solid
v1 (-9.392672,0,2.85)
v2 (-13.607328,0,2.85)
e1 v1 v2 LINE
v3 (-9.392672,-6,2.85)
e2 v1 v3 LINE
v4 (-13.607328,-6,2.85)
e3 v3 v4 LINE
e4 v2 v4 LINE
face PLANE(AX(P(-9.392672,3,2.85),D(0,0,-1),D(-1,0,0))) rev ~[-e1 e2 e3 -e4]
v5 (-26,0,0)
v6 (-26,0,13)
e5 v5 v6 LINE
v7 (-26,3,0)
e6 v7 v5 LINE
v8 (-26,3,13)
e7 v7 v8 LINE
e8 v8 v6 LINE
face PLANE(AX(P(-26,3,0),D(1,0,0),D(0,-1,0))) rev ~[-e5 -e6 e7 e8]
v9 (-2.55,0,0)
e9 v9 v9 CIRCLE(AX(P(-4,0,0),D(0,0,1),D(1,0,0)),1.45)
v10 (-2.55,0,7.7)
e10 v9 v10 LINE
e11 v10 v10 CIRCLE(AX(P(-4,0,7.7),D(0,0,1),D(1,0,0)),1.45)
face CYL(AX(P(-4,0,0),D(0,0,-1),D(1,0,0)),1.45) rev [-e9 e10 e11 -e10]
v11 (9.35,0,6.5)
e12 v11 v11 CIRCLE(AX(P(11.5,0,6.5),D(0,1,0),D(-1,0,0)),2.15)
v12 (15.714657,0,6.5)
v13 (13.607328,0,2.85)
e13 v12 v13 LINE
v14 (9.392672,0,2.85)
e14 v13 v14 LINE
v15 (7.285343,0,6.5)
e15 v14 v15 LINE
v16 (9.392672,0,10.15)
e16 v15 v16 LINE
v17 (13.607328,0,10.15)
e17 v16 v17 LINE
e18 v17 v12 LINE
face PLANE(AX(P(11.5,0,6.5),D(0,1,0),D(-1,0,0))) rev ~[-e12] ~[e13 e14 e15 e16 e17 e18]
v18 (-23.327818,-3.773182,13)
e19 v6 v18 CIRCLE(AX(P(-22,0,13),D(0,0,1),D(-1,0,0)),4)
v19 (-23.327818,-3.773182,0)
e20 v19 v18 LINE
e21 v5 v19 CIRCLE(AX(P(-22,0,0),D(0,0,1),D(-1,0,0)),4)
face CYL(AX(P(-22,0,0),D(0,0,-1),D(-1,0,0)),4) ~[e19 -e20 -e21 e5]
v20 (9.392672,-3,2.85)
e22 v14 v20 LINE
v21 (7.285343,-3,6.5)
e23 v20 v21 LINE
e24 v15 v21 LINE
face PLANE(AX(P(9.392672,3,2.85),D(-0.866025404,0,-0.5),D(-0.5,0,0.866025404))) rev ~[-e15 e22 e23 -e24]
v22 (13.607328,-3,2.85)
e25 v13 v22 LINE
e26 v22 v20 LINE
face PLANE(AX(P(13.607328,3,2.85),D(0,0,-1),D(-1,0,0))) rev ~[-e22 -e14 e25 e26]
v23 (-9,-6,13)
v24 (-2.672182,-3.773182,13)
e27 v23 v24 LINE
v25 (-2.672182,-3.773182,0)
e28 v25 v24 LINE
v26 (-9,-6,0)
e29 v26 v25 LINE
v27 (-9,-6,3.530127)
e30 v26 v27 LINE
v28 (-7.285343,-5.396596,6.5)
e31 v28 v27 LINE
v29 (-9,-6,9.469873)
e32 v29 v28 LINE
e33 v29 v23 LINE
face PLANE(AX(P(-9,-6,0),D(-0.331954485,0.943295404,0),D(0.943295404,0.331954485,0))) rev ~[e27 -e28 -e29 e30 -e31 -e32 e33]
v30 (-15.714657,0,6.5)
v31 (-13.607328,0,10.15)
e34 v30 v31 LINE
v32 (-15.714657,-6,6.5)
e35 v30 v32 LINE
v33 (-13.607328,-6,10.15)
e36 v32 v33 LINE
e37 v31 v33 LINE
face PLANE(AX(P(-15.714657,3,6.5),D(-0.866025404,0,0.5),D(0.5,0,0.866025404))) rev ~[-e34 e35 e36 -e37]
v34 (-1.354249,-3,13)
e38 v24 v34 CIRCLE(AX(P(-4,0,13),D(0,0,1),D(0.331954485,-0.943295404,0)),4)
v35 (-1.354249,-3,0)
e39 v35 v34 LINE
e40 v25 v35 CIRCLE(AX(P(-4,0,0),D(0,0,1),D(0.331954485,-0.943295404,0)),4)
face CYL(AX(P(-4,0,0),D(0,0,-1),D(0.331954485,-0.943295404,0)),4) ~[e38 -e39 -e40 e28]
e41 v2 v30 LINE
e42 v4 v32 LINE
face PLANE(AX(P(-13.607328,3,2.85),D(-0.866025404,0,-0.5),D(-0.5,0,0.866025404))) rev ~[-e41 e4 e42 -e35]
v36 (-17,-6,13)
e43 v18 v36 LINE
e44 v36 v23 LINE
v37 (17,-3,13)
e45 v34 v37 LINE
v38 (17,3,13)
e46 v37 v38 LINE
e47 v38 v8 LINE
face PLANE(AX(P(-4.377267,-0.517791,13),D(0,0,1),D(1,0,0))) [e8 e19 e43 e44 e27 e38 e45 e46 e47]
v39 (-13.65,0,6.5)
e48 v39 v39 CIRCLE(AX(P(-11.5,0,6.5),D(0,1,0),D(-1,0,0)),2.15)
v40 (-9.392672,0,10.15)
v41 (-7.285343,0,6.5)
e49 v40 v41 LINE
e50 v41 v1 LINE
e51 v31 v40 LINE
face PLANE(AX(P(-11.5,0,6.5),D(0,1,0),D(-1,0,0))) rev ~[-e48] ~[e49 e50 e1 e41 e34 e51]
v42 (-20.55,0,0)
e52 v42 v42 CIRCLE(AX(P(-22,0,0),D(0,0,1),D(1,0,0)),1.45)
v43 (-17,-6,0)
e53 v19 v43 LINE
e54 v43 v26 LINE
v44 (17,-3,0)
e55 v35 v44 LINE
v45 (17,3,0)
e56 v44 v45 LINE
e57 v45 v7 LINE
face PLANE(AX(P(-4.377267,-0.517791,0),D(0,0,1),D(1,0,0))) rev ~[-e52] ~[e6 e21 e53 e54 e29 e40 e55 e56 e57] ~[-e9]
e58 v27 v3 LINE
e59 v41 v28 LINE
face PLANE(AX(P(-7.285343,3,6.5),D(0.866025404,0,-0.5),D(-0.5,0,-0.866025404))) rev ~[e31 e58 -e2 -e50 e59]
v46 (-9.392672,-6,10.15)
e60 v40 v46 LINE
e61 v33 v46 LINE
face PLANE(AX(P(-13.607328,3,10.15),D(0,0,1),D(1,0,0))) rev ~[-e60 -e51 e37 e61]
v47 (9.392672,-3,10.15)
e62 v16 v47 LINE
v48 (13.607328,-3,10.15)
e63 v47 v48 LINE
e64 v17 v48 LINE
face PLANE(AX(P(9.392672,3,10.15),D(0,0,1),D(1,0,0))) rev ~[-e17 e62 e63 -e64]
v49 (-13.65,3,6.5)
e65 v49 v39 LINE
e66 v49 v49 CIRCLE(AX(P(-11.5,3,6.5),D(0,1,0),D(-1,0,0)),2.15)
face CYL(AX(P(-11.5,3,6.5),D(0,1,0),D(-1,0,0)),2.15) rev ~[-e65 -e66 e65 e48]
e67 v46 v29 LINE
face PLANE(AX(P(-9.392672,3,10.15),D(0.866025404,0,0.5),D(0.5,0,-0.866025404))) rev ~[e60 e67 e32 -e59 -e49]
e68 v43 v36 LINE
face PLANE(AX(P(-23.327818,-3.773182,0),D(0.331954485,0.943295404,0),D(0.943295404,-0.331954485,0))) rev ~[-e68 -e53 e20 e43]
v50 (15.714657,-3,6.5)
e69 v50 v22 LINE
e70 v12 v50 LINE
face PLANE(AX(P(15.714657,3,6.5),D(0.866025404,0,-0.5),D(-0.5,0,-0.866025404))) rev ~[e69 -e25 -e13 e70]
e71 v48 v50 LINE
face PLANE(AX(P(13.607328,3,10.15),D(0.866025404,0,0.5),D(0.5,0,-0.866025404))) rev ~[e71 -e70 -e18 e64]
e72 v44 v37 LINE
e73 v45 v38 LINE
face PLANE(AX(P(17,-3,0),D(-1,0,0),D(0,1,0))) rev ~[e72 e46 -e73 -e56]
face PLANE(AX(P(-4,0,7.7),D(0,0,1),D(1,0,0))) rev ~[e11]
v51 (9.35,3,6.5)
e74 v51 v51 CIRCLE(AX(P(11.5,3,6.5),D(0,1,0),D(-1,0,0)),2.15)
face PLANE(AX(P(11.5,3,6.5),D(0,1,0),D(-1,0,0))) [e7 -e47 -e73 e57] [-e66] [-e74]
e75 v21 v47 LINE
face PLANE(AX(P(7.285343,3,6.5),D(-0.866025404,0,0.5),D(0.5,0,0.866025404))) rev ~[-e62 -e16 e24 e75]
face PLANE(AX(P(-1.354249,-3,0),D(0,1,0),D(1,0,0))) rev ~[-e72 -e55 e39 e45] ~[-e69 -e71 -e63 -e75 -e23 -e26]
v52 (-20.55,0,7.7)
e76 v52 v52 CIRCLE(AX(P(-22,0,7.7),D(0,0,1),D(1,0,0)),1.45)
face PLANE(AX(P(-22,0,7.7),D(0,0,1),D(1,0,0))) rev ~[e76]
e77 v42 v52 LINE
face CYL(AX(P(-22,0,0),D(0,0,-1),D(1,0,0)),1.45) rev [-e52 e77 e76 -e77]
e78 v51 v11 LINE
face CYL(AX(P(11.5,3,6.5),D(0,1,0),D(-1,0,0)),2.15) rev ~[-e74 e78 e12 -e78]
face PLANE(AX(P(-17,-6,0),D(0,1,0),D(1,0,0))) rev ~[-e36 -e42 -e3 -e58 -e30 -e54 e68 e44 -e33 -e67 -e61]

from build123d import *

# Parameters (mm, degrees)
F0_R     = 1.45
F1_DEPTH = 13
F2_R     = 2.15
F3_DEPTH = 9.001
F4_DEPTH = 3
F5_DEPTH = 7.7


with BuildPart() as f1:
    # F0 (on Top) → F1 (new body)
    with BuildSketch(Plane.XY):
        with BuildLine():
            Line((17, -3), (17, 3))
            Line((17, 3), (-26, 3))
            Line((-26, 3), (-26, 0))
            ThreePointArc((-26, 0), (-25.2642971497, -2.3117880782), (-23.3278179407, -3.7731816172))
            Line((-23.3278179407, -3.7731816172), (-17, -6))
            Line((-17, -6), (-9, -6))
            Line((-9, -6), (-2.6721820593, -3.7731816172))
            ThreePointArc((-2.6721820593, -3.7731816172), (-1.9759531619, -3.4501064327), (-1.3542486889, -3))
            Line((-1.3542486889, -3), (17, -3))
        make_face()
        with Locations((-22, 0)):
            Circle(F0_R, mode=Mode.SUBTRACT)
        with Locations((-4, 0)):
            Circle(F0_R, mode=Mode.SUBTRACT)
        with Locations((-22, 0)):
            Circle(F0_R)
        with Locations((-4, 0)):
            Circle(F0_R)
    extrude(amount=F1_DEPTH)

    # F2 (on face) → F3 (cut, through all)
    with BuildSketch(Plane(origin=(0, 3, 0), x_dir=(-1, 0, 0), z_dir=(0, 1, 0))):
        Polygon((-9.3926715175, 10.15), (-13.6073284825, 10.15), (-15.7146569651, 6.5), (-13.6073284825, 2.85), (-9.3926715175, 2.85), (-7.2853430349, 6.5), align=None)
        with Locations((-11.5, 6.5)):
            Circle(F2_R, mode=Mode.SUBTRACT)
        Polygon((7.2853430349, 6.5), (9.3926715175, 2.85), (13.6073284825, 2.85), (15.7146569651, 6.5), (13.6073284825, 10.15), (9.3926715175, 10.15), align=None)
        with Locations((11.5, 6.5)):
            Circle(F2_R, mode=Mode.SUBTRACT)
        with Locations((-11.5, 6.5)):
            Circle(F2_R)
        with Locations((11.5, 6.5)):
            Circle(F2_R)
    extrude(amount=-F3_DEPTH, mode=Mode.SUBTRACT)

    # F2 (on face) → F4 (join)
    with BuildSketch(Plane(origin=(0, 3, 0), x_dir=(-1, 0, 0), z_dir=(0, 1, 0))):
        Polygon((-9.3926715175, 10.15), (-13.6073284825, 10.15), (-15.7146569651, 6.5), (-13.6073284825, 2.85), (-9.3926715175, 2.85), (-7.2853430349, 6.5), align=None)
        with Locations((-11.5, 6.5)):
            Circle(F2_R, mode=Mode.SUBTRACT)
        Polygon((7.2853430349, 6.5), (9.3926715175, 2.85), (13.6073284825, 2.85), (15.7146569651, 6.5), (13.6073284825, 10.15), (9.3926715175, 10.15), align=None)
        with Locations((11.5, 6.5)):
            Circle(F2_R, mode=Mode.SUBTRACT)
    extrude(amount=-F4_DEPTH)

    # F0 (on Top) → F5 (cut)
    with BuildSketch(Plane.XY):
        with Locations((-4, 0)):
            Circle(F0_R)
        with Locations((-22, 0)):
            Circle(F0_R)
    extrude(amount=F5_DEPTH, mode=Mode.SUBTRACT)


solid = f1.part
